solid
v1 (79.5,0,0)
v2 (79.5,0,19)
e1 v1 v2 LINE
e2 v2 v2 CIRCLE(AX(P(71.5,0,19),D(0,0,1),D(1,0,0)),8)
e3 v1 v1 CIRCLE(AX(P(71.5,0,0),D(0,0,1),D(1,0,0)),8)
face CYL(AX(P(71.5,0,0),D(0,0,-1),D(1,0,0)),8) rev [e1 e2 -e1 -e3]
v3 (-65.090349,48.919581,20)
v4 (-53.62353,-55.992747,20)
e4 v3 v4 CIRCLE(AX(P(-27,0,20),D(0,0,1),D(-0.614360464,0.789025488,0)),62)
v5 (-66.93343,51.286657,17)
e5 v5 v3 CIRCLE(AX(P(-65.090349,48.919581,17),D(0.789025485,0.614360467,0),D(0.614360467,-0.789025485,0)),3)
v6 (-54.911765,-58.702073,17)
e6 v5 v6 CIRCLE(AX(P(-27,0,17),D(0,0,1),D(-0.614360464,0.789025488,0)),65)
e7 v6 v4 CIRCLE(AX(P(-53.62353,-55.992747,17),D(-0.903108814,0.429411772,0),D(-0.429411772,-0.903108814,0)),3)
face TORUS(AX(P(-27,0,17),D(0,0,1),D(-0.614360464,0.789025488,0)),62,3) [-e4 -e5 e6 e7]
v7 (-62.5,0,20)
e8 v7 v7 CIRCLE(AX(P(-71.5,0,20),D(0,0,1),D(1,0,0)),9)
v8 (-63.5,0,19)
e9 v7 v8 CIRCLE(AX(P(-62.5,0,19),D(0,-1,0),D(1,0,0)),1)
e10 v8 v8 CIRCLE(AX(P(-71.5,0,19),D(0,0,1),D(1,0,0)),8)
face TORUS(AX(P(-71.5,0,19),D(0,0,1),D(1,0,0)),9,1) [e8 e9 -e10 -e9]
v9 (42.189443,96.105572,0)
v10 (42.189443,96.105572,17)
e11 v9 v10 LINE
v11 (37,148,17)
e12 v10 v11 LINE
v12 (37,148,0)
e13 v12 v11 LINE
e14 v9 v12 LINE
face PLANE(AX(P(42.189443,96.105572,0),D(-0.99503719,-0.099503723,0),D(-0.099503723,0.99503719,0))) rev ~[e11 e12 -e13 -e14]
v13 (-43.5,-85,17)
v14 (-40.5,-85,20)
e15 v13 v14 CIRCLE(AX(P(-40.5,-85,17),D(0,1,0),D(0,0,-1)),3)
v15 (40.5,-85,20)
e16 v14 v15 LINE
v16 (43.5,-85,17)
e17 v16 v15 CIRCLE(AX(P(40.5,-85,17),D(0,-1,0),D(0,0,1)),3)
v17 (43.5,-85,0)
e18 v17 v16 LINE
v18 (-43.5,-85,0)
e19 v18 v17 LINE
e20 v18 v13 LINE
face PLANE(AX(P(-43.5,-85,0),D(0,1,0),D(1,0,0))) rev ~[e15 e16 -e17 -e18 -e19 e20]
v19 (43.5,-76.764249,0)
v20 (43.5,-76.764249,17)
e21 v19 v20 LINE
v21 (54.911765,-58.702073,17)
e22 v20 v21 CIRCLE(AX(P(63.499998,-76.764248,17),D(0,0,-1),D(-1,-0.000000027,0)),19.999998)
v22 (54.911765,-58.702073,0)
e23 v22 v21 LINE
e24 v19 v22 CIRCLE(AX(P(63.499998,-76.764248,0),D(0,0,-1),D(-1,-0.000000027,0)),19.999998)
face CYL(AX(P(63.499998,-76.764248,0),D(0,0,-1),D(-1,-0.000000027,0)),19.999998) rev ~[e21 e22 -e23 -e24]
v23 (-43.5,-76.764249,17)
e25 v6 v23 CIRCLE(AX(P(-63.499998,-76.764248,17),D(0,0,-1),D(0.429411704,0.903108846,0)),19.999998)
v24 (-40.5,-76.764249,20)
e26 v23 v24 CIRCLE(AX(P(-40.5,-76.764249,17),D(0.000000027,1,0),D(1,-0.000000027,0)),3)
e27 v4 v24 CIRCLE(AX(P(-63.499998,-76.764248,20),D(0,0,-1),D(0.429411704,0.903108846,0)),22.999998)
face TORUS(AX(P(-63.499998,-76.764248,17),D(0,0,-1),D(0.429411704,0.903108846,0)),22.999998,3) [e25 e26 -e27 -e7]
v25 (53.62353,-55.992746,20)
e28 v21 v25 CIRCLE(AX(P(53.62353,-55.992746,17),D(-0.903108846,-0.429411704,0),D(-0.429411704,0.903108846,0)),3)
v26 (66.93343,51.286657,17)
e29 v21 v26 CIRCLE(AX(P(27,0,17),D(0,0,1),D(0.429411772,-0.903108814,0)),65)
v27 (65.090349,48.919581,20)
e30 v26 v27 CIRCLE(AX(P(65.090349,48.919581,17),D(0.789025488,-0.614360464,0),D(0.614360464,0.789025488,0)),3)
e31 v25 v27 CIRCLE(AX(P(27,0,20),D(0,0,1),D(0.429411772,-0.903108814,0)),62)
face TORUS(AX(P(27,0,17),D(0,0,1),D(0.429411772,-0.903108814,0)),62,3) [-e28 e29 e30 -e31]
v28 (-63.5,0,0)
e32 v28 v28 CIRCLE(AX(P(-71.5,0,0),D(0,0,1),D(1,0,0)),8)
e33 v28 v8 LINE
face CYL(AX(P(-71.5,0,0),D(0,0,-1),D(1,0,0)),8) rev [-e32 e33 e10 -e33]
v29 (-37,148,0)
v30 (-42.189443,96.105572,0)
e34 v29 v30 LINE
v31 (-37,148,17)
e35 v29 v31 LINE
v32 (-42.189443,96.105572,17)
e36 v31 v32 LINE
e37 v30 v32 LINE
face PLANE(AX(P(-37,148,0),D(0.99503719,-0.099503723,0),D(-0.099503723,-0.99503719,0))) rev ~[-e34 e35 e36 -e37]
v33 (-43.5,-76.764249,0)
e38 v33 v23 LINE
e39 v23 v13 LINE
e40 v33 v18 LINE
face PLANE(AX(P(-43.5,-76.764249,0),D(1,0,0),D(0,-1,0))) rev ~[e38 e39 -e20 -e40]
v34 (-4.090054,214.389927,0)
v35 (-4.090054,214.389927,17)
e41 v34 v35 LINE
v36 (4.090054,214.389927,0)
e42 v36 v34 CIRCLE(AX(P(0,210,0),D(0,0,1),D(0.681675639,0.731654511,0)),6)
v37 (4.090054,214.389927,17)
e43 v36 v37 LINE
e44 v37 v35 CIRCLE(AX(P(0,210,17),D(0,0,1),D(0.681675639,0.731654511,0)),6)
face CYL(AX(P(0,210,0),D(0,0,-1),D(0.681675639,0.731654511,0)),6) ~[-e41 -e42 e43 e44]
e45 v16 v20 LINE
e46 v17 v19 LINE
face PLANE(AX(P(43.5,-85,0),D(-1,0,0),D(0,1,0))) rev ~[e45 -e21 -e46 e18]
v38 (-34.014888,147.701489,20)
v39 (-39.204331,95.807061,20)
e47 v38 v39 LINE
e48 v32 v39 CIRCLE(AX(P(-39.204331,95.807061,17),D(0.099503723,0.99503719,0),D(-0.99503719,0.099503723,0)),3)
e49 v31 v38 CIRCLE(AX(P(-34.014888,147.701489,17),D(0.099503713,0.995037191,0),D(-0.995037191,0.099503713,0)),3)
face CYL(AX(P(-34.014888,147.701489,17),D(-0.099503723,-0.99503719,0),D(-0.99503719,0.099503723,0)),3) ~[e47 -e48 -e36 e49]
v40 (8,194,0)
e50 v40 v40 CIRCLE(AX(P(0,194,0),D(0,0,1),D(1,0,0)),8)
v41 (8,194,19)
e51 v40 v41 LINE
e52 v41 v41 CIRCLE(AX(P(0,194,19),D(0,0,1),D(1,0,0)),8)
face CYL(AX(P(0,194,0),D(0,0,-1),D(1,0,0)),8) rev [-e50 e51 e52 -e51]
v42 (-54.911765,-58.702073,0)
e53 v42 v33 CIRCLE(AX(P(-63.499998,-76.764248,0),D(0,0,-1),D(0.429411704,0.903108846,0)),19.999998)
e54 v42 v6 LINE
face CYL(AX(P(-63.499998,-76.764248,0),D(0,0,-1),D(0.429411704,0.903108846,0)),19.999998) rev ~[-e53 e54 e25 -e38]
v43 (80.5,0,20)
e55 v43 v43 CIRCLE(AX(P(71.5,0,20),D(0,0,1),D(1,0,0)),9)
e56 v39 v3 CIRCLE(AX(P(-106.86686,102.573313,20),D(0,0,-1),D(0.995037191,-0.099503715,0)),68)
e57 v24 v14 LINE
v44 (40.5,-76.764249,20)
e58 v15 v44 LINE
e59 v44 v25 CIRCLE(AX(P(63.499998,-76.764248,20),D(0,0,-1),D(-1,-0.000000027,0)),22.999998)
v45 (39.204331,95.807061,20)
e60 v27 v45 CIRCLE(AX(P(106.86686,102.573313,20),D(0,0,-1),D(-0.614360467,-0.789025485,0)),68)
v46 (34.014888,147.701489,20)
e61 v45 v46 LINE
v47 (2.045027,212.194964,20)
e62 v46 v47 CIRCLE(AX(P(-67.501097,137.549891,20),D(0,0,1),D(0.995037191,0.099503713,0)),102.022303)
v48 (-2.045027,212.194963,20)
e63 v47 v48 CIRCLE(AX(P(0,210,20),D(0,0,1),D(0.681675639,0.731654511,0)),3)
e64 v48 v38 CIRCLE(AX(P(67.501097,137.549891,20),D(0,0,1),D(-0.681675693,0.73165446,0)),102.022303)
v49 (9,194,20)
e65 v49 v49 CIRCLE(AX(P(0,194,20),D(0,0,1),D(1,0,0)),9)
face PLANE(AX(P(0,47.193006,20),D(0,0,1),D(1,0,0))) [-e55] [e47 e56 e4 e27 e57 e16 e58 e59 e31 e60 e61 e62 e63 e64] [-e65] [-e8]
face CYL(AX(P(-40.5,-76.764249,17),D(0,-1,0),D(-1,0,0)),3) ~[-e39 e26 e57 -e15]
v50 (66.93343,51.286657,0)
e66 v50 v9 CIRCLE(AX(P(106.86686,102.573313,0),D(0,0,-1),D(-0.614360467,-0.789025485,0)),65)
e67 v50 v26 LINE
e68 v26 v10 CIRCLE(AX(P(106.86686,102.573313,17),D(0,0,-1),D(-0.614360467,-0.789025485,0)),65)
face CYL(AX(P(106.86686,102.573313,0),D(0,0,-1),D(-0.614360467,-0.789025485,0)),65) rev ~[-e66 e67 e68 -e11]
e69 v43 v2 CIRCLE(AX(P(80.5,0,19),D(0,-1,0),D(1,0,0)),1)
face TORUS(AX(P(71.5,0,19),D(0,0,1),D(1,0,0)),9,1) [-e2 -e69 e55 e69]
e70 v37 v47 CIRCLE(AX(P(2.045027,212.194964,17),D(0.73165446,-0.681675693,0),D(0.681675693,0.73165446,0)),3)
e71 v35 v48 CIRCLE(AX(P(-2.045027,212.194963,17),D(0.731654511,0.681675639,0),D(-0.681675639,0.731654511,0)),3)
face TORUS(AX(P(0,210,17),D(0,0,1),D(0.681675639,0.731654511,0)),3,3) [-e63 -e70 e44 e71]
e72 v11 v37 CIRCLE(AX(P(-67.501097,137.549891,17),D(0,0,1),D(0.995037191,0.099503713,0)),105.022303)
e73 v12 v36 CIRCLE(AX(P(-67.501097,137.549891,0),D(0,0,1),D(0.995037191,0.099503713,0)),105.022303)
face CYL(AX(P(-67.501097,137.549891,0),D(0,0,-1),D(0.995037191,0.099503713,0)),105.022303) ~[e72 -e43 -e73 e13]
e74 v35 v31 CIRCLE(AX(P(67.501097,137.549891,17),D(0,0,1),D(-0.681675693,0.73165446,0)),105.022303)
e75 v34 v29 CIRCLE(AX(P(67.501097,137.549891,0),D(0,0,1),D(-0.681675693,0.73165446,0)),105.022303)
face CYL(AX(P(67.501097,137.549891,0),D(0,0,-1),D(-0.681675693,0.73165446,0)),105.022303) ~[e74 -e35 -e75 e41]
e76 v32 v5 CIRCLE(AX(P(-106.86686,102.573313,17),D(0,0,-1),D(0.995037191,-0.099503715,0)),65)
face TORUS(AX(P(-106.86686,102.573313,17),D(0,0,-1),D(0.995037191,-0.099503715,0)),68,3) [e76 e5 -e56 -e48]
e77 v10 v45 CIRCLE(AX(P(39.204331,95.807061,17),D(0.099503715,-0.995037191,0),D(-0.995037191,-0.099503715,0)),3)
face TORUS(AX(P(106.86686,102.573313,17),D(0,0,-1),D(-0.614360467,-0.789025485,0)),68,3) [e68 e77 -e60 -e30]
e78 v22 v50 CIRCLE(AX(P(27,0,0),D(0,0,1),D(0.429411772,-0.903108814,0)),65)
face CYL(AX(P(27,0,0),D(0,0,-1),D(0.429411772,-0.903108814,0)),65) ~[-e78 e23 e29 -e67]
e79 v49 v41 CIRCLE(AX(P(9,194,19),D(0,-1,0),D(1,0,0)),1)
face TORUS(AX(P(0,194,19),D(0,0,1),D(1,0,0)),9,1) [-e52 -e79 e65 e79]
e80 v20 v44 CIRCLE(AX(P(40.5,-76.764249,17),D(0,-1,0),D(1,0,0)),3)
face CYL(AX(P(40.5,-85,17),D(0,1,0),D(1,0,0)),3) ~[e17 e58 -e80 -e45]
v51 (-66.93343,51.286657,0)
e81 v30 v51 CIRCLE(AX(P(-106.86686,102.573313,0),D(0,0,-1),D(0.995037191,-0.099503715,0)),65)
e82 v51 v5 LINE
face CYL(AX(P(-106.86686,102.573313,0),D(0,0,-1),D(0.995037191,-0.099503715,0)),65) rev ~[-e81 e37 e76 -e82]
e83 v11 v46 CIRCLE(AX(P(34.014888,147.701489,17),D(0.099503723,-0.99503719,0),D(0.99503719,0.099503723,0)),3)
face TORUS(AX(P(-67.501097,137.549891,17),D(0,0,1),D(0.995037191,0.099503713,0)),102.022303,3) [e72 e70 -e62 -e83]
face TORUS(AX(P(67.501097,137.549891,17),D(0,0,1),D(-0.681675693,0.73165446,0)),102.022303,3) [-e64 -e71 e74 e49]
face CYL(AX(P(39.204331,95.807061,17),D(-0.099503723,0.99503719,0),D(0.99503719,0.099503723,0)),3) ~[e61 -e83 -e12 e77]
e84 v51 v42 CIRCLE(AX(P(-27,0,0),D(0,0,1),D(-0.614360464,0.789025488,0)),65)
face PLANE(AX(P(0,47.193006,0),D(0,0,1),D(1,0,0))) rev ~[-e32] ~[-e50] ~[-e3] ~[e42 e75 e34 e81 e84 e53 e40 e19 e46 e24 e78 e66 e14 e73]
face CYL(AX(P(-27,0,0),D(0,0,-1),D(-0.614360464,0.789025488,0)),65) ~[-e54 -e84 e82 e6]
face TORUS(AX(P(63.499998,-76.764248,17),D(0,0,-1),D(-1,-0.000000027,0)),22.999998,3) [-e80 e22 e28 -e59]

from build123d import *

# Parameters (mm, degrees)
F0_R     = 8
F1_DEPTH = 20
F2_R     = 3
F3_R     = 1


with BuildPart() as f1:
    # F0 (on Top) → F1 (new body)
    with BuildSketch(Plane.XY):
        with BuildLine():
            Line((-43.5, -85), (0, -85))
            Line((0, -85), (43.5, -85))
            Line((43.5, -85), (43.5, -76.764249))
            ThreePointArc((43.5, -76.764249), (46.591944, -66.081663), (54.911765, -58.702073))
            ThreePointArc((54.911765, -58.702073), (91.61519, -7.06238), (66.93343, 51.286657))
            ThreePointArc((66.93343, 51.286657), (49.963072, 71.157412), (42.189443, 96.105572))
            Line((42.189443, 96.105572), (37, 148))
            ThreePointArc((37, 148), (26.594735, 184.193845), (4.090054, 214.389927))
            ThreePointArc((4.090054, 214.389927), (0, 216), (-4.090054, 214.389927))
            ThreePointArc((-4.090054, 214.389927), (-26.594735, 184.193845), (-37, 148))
            Line((-37, 148), (-42.189443, 96.105572))
            ThreePointArc((-42.189443, 96.105572), (-49.963072, 71.157412), (-66.93343, 51.286657))
            ThreePointArc((-66.93343, 51.286657), (-91.61519, -7.06238), (-54.911765, -58.702073))
            ThreePointArc((-54.911765, -58.702073), (-46.591944, -66.081663), (-43.5, -76.764249))
            Line((-43.5, -76.764249), (-43.5, -85))
        make_face()
        with Locations((-71.5, 0)):
            Circle(F0_R, mode=Mode.SUBTRACT)
        with Locations((71.5, 0)):
            Circle(F0_R, mode=Mode.SUBTRACT)
        with Locations((0, 194)):
            Circle(F0_R, mode=Mode.SUBTRACT)
    extrude(amount=F1_DEPTH)

    # F2
    f2_edges = [f1.edges().sort_by_distance(p)[0] for p in [
        (39.594721, 122.052786, 20),
    ]]
    fillet(f2_edges, radius=F2_R)

    # F3
    f3_edges = [f1.edges().sort_by_distance(p)[0] for p in [
        (-8, 194, 20),
        (-79.5, 0, 20),
        (63.5, 0, 20),
    ]]
    fillet(f3_edges, radius=F3_R)


solid = f1.part
